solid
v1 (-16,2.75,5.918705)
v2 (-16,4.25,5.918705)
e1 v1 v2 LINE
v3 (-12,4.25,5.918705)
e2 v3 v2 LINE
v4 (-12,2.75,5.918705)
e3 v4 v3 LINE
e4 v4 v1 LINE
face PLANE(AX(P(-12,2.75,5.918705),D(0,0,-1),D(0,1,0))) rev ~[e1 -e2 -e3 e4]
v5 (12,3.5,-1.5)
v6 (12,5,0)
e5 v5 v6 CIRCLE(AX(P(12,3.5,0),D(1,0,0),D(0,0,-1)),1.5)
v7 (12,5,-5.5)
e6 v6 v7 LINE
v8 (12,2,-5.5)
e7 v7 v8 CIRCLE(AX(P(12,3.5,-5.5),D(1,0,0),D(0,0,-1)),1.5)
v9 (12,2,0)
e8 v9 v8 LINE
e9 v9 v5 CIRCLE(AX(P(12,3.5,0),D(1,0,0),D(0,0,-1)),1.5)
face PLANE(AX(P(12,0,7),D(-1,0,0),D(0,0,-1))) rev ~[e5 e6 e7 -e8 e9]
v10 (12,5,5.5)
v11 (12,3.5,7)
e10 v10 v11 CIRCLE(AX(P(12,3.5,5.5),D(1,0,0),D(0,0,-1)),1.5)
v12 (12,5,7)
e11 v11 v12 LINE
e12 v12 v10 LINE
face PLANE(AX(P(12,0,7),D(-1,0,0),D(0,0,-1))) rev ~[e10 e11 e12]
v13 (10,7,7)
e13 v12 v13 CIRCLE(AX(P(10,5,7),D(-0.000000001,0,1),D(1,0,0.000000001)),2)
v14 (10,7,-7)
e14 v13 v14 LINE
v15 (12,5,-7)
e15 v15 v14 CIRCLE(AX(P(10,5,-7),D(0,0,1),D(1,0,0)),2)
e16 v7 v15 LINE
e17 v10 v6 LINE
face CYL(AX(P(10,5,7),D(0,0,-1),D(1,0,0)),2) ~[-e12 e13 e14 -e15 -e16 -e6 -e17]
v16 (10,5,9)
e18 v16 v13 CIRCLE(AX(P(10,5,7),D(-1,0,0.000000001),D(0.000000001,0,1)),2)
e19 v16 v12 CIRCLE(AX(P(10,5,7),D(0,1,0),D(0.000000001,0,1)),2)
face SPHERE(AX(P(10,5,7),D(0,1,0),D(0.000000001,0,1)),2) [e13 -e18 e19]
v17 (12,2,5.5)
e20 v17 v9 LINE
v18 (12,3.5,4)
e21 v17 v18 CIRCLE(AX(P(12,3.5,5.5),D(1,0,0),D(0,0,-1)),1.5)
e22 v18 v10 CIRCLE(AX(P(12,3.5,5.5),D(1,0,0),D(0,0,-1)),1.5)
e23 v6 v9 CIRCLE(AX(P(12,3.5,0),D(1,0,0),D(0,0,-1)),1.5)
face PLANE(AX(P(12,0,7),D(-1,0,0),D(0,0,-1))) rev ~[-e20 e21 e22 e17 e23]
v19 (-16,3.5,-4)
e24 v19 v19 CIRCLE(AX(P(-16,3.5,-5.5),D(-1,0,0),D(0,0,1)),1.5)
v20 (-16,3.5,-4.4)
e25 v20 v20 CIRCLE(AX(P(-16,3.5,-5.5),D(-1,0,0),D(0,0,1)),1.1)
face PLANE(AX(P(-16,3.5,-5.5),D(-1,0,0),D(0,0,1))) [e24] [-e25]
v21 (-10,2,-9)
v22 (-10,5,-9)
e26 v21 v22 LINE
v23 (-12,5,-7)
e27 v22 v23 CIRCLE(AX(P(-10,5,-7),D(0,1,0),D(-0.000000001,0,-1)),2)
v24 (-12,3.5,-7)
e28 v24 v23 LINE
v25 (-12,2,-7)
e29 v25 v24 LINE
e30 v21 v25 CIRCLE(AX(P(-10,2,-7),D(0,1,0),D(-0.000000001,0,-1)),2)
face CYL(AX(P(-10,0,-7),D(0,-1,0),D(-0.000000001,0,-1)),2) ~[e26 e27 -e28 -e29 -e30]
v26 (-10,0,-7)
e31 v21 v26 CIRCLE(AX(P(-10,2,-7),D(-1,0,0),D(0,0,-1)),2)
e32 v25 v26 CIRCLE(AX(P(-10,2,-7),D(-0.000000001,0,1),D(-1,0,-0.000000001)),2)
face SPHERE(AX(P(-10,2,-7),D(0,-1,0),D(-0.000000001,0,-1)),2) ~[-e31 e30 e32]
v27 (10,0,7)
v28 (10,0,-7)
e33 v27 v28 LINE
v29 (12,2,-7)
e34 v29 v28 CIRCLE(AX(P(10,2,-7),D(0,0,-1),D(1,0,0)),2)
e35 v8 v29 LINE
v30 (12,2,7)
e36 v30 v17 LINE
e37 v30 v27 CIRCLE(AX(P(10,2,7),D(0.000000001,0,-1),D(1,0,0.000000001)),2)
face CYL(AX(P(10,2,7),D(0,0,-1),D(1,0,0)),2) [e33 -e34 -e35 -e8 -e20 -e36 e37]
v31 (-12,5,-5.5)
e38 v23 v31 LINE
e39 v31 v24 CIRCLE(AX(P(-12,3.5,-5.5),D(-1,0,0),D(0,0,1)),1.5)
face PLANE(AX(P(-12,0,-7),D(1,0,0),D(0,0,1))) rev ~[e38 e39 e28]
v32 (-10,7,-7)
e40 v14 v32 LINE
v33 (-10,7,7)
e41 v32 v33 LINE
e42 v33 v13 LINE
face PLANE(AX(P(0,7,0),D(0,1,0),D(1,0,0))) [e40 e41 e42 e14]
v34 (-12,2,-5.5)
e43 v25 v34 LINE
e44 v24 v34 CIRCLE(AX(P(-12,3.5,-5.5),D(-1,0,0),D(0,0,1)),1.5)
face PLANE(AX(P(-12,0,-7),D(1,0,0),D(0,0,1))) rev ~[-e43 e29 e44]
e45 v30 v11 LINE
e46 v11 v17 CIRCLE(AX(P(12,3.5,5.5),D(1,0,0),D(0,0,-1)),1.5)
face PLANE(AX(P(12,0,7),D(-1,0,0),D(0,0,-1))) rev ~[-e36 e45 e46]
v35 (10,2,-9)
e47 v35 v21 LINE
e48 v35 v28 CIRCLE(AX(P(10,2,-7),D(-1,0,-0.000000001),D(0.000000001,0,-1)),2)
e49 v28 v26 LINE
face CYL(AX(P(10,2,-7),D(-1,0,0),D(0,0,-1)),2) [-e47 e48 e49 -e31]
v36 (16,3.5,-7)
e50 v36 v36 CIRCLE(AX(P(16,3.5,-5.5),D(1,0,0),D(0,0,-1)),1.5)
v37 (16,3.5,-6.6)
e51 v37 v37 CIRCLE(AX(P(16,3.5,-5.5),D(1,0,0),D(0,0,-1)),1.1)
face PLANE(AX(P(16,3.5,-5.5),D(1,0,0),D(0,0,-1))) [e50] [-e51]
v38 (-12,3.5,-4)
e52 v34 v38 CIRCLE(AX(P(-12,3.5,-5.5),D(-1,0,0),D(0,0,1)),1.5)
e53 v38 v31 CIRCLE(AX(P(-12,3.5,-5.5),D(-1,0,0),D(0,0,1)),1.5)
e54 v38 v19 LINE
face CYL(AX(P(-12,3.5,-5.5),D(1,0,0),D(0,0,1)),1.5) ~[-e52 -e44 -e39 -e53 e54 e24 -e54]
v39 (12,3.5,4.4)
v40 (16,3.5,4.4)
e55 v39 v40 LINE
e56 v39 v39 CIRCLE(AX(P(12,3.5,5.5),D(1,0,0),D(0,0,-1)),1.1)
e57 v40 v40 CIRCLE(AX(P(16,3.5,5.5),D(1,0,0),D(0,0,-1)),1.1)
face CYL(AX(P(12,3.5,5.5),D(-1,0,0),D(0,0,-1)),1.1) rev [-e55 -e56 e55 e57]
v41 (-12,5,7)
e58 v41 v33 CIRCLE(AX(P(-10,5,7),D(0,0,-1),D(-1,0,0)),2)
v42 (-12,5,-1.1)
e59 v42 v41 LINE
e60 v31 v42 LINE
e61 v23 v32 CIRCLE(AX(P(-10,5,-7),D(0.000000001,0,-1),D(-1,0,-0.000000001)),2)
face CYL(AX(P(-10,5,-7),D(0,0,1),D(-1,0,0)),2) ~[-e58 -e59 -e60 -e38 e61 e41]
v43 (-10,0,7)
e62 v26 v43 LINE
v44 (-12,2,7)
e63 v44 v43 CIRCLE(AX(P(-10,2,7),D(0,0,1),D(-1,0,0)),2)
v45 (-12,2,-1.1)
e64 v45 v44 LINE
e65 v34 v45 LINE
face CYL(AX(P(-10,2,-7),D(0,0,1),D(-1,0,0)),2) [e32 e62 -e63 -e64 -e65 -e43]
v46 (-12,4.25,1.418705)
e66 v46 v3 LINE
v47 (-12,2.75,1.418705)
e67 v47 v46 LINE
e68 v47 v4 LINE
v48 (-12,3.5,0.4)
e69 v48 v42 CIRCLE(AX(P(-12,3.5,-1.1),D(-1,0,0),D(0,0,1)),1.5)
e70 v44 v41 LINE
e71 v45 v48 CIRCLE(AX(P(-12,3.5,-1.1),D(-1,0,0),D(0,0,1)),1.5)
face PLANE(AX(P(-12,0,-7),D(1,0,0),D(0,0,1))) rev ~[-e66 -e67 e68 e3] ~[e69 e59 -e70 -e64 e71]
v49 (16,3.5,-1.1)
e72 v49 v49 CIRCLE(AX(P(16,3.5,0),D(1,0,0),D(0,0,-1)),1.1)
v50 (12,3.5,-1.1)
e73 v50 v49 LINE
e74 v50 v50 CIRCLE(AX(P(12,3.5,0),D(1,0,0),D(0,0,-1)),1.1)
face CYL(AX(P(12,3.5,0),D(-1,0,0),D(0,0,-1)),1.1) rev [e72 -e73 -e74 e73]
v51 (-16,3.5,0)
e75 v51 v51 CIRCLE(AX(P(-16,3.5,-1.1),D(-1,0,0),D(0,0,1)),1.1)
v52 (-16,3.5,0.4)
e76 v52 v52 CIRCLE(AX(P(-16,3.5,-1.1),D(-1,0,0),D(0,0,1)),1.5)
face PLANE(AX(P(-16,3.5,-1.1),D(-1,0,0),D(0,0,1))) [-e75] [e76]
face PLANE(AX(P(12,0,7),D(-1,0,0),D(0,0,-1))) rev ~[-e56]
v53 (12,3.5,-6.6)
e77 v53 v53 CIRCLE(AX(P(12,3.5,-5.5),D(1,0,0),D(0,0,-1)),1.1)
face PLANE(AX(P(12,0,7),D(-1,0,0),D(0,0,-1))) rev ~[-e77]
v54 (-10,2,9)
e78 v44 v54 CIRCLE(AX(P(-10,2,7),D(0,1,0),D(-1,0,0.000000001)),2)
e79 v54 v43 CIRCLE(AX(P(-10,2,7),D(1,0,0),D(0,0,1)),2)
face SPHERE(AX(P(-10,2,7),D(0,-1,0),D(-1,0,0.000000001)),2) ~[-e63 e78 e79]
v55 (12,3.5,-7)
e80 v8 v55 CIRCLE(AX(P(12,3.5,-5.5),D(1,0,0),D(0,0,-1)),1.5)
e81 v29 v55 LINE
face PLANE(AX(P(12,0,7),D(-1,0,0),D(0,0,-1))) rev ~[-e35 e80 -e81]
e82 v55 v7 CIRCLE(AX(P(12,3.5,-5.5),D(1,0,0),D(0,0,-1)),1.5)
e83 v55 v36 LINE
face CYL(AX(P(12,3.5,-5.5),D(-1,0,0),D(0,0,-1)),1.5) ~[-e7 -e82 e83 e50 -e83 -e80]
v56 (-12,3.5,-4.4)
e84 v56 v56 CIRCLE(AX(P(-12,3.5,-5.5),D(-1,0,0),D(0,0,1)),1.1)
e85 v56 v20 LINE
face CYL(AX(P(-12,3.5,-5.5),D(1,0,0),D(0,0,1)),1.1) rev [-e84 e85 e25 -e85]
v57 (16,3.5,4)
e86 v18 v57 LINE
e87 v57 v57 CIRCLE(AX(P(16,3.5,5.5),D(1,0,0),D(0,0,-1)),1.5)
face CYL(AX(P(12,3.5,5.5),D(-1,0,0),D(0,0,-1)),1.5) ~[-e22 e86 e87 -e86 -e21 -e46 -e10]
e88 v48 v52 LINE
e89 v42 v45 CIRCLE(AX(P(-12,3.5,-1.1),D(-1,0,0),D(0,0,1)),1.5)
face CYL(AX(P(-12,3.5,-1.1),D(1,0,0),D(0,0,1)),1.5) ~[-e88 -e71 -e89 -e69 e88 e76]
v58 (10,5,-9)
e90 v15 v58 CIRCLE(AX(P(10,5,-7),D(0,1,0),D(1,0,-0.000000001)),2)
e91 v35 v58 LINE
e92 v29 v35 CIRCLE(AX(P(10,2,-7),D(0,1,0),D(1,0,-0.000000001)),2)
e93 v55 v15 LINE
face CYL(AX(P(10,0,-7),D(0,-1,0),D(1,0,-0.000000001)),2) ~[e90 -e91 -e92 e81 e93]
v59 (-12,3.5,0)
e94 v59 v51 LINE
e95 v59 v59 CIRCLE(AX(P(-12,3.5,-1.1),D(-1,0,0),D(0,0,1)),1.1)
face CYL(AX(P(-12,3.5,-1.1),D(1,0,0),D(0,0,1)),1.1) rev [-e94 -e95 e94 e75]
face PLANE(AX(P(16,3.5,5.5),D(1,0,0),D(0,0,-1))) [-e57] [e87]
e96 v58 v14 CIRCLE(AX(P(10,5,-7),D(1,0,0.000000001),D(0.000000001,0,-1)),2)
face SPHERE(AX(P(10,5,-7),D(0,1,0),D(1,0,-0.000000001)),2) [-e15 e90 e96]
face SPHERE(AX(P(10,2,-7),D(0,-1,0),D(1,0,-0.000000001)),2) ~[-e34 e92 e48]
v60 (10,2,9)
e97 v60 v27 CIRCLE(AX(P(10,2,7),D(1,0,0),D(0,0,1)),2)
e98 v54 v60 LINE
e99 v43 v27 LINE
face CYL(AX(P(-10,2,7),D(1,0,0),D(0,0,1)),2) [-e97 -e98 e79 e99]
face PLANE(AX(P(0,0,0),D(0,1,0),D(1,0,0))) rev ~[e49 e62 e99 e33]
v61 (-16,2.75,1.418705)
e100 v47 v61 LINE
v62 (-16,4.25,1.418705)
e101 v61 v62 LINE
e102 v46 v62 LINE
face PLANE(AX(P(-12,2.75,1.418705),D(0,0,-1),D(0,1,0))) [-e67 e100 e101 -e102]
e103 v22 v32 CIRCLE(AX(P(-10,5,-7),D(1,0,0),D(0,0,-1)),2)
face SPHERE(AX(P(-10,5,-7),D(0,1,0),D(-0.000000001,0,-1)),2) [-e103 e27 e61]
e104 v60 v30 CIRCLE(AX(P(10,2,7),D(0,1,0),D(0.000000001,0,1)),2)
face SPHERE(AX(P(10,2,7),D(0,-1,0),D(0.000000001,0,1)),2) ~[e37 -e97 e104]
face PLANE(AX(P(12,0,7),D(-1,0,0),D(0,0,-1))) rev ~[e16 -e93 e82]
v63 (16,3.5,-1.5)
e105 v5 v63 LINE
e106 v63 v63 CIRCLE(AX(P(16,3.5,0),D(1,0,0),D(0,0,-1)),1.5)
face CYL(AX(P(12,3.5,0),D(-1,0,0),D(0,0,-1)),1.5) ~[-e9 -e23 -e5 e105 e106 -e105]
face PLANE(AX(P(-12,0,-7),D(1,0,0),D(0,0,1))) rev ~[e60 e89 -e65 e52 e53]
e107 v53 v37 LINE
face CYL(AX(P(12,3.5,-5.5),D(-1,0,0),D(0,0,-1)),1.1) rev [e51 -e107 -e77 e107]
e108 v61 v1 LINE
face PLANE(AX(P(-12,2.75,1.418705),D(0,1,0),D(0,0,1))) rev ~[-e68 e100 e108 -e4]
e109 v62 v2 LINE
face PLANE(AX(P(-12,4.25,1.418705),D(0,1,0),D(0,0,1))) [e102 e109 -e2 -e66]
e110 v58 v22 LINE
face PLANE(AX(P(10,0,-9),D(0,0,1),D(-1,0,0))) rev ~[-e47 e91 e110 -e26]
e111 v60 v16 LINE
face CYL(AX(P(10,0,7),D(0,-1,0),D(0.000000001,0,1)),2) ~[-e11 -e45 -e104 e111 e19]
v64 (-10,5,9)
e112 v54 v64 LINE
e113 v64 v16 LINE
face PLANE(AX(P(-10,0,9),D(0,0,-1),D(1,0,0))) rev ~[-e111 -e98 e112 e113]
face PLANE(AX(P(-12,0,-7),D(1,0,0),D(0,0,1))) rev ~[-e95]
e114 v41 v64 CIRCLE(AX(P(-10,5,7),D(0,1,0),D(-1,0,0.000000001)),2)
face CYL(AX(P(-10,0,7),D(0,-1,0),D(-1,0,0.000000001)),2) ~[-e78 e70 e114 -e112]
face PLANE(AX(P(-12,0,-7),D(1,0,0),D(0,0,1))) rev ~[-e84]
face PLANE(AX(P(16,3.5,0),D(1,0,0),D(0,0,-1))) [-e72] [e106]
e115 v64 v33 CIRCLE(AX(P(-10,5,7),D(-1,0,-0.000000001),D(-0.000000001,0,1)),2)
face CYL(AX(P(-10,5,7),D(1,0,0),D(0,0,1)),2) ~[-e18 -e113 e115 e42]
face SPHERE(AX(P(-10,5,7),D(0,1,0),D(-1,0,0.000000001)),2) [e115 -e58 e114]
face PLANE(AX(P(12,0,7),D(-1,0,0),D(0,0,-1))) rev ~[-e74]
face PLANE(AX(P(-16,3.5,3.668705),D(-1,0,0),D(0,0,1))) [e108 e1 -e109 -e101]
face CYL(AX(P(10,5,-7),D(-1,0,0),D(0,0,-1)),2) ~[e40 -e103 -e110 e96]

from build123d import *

# Parameters (mm, degrees)
BOSS_EXTRUDE1_DEPTH = 7
FILLET1_R           = 2
SKETCH2_R           = 1.5
SKETCH2_R_2         = 1.1
BOSS_EXTRUDE2_DEPTH = 4
SKETCH3_R           = 1.5
SKETCH3_R_2         = 1.1
SKETCH3_W           = 4.5
SKETCH3_H           = 1.5
BOSS_EXTRUDE3_DEPTH = 4


with BuildPart() as part:
    # Sketch1 → Boss-Extrude1 (new body)
    with BuildSketch(Plane(origin=(0, 0, 0), x_dir=(1, 0, 0), z_dir=(0, 1, 0))):
        with BuildLine():
            Line((-10, -9), (10, -9))
            ThreePointArc((10, -9), (11.414213562, -8.414213562), (12, -7))
            Line((12, -7), (12, 7))
            ThreePointArc((12, 7), (11.414213562, 8.414213562), (10, 9))
            Line((10, 9), (-10, 9))
            ThreePointArc((-10, 9), (-11.414213562, 8.414213562), (-12, 7))
            Line((-12, 7), (-12, -7))
            ThreePointArc((-12, -7), (-11.414213562, -8.414213562), (-10, -9))
        make_face()
    extrude(amount=BOSS_EXTRUDE1_DEPTH)

    # Fillet1
    fillet1_edges = [part.edges().sort_by_distance(p)[0] for p in [
        (11.414213562, 7, 8.414213562),
        (0, 0, 9),
        (-11.414213562, 0, 8.414213562),
        (12, 7, 0),
        (11.414213562, 7, -8.414213562),
        (0, 7, -9),
        (-11.414213562, 7, -8.414213562),
        (-12, 7, 0),
        (-11.414213562, 7, 8.414213562),
        (0, 7, 9),
        (-12, 0, 0),
        (-11.414213562, 0, -8.414213562),
        (0, 0, -9),
        (11.414213562, 0, -8.414213562),
        (12, 0, 0),
        (11.414213562, 0, 8.414213562),
    ]]
    fillet(fillet1_edges, radius=FILLET1_R)

    # Sketch2 → Boss-Extrude2 (add)
    with BuildSketch(Plane(origin=(12, 0, 0), x_dir=(0, 0, -1), z_dir=(1, 0, 0))):
        with Locations((5.5, 3.5)):
            Circle(SKETCH2_R)
        with Locations((5.5, 3.5)):
            Circle(SKETCH2_R_2, mode=Mode.SUBTRACT)
        with Locations((0, 3.5)):
            Circle(SKETCH2_R)
        with Locations((0, 3.5)):
            Circle(SKETCH2_R_2, mode=Mode.SUBTRACT)
        with Locations((-5.5, 3.5)):
            Circle(SKETCH2_R)
        with Locations((-5.5, 3.5)):
            Circle(SKETCH2_R_2, mode=Mode.SUBTRACT)
    extrude(amount=BOSS_EXTRUDE2_DEPTH)

    # Sketch3 → Boss-Extrude3 (add)
    with BuildSketch(Plane.ZY.offset(12)):
        with Locations((-5.5, 3.5)):
            Circle(SKETCH3_R)
        with Locations((-5.5, 3.5)):
            Circle(SKETCH3_R_2, mode=Mode.SUBTRACT)
        with Locations((-1.1, 3.5)):
            Circle(SKETCH3_R)
        with Locations((-1.1, 3.5)):
            Circle(SKETCH3_R_2, mode=Mode.SUBTRACT)
        with Locations((3.668705041, 3.5)):
            Rectangle(SKETCH3_W, SKETCH3_H)
    extrude(amount=BOSS_EXTRUDE3_DEPTH)


solid = part.part
